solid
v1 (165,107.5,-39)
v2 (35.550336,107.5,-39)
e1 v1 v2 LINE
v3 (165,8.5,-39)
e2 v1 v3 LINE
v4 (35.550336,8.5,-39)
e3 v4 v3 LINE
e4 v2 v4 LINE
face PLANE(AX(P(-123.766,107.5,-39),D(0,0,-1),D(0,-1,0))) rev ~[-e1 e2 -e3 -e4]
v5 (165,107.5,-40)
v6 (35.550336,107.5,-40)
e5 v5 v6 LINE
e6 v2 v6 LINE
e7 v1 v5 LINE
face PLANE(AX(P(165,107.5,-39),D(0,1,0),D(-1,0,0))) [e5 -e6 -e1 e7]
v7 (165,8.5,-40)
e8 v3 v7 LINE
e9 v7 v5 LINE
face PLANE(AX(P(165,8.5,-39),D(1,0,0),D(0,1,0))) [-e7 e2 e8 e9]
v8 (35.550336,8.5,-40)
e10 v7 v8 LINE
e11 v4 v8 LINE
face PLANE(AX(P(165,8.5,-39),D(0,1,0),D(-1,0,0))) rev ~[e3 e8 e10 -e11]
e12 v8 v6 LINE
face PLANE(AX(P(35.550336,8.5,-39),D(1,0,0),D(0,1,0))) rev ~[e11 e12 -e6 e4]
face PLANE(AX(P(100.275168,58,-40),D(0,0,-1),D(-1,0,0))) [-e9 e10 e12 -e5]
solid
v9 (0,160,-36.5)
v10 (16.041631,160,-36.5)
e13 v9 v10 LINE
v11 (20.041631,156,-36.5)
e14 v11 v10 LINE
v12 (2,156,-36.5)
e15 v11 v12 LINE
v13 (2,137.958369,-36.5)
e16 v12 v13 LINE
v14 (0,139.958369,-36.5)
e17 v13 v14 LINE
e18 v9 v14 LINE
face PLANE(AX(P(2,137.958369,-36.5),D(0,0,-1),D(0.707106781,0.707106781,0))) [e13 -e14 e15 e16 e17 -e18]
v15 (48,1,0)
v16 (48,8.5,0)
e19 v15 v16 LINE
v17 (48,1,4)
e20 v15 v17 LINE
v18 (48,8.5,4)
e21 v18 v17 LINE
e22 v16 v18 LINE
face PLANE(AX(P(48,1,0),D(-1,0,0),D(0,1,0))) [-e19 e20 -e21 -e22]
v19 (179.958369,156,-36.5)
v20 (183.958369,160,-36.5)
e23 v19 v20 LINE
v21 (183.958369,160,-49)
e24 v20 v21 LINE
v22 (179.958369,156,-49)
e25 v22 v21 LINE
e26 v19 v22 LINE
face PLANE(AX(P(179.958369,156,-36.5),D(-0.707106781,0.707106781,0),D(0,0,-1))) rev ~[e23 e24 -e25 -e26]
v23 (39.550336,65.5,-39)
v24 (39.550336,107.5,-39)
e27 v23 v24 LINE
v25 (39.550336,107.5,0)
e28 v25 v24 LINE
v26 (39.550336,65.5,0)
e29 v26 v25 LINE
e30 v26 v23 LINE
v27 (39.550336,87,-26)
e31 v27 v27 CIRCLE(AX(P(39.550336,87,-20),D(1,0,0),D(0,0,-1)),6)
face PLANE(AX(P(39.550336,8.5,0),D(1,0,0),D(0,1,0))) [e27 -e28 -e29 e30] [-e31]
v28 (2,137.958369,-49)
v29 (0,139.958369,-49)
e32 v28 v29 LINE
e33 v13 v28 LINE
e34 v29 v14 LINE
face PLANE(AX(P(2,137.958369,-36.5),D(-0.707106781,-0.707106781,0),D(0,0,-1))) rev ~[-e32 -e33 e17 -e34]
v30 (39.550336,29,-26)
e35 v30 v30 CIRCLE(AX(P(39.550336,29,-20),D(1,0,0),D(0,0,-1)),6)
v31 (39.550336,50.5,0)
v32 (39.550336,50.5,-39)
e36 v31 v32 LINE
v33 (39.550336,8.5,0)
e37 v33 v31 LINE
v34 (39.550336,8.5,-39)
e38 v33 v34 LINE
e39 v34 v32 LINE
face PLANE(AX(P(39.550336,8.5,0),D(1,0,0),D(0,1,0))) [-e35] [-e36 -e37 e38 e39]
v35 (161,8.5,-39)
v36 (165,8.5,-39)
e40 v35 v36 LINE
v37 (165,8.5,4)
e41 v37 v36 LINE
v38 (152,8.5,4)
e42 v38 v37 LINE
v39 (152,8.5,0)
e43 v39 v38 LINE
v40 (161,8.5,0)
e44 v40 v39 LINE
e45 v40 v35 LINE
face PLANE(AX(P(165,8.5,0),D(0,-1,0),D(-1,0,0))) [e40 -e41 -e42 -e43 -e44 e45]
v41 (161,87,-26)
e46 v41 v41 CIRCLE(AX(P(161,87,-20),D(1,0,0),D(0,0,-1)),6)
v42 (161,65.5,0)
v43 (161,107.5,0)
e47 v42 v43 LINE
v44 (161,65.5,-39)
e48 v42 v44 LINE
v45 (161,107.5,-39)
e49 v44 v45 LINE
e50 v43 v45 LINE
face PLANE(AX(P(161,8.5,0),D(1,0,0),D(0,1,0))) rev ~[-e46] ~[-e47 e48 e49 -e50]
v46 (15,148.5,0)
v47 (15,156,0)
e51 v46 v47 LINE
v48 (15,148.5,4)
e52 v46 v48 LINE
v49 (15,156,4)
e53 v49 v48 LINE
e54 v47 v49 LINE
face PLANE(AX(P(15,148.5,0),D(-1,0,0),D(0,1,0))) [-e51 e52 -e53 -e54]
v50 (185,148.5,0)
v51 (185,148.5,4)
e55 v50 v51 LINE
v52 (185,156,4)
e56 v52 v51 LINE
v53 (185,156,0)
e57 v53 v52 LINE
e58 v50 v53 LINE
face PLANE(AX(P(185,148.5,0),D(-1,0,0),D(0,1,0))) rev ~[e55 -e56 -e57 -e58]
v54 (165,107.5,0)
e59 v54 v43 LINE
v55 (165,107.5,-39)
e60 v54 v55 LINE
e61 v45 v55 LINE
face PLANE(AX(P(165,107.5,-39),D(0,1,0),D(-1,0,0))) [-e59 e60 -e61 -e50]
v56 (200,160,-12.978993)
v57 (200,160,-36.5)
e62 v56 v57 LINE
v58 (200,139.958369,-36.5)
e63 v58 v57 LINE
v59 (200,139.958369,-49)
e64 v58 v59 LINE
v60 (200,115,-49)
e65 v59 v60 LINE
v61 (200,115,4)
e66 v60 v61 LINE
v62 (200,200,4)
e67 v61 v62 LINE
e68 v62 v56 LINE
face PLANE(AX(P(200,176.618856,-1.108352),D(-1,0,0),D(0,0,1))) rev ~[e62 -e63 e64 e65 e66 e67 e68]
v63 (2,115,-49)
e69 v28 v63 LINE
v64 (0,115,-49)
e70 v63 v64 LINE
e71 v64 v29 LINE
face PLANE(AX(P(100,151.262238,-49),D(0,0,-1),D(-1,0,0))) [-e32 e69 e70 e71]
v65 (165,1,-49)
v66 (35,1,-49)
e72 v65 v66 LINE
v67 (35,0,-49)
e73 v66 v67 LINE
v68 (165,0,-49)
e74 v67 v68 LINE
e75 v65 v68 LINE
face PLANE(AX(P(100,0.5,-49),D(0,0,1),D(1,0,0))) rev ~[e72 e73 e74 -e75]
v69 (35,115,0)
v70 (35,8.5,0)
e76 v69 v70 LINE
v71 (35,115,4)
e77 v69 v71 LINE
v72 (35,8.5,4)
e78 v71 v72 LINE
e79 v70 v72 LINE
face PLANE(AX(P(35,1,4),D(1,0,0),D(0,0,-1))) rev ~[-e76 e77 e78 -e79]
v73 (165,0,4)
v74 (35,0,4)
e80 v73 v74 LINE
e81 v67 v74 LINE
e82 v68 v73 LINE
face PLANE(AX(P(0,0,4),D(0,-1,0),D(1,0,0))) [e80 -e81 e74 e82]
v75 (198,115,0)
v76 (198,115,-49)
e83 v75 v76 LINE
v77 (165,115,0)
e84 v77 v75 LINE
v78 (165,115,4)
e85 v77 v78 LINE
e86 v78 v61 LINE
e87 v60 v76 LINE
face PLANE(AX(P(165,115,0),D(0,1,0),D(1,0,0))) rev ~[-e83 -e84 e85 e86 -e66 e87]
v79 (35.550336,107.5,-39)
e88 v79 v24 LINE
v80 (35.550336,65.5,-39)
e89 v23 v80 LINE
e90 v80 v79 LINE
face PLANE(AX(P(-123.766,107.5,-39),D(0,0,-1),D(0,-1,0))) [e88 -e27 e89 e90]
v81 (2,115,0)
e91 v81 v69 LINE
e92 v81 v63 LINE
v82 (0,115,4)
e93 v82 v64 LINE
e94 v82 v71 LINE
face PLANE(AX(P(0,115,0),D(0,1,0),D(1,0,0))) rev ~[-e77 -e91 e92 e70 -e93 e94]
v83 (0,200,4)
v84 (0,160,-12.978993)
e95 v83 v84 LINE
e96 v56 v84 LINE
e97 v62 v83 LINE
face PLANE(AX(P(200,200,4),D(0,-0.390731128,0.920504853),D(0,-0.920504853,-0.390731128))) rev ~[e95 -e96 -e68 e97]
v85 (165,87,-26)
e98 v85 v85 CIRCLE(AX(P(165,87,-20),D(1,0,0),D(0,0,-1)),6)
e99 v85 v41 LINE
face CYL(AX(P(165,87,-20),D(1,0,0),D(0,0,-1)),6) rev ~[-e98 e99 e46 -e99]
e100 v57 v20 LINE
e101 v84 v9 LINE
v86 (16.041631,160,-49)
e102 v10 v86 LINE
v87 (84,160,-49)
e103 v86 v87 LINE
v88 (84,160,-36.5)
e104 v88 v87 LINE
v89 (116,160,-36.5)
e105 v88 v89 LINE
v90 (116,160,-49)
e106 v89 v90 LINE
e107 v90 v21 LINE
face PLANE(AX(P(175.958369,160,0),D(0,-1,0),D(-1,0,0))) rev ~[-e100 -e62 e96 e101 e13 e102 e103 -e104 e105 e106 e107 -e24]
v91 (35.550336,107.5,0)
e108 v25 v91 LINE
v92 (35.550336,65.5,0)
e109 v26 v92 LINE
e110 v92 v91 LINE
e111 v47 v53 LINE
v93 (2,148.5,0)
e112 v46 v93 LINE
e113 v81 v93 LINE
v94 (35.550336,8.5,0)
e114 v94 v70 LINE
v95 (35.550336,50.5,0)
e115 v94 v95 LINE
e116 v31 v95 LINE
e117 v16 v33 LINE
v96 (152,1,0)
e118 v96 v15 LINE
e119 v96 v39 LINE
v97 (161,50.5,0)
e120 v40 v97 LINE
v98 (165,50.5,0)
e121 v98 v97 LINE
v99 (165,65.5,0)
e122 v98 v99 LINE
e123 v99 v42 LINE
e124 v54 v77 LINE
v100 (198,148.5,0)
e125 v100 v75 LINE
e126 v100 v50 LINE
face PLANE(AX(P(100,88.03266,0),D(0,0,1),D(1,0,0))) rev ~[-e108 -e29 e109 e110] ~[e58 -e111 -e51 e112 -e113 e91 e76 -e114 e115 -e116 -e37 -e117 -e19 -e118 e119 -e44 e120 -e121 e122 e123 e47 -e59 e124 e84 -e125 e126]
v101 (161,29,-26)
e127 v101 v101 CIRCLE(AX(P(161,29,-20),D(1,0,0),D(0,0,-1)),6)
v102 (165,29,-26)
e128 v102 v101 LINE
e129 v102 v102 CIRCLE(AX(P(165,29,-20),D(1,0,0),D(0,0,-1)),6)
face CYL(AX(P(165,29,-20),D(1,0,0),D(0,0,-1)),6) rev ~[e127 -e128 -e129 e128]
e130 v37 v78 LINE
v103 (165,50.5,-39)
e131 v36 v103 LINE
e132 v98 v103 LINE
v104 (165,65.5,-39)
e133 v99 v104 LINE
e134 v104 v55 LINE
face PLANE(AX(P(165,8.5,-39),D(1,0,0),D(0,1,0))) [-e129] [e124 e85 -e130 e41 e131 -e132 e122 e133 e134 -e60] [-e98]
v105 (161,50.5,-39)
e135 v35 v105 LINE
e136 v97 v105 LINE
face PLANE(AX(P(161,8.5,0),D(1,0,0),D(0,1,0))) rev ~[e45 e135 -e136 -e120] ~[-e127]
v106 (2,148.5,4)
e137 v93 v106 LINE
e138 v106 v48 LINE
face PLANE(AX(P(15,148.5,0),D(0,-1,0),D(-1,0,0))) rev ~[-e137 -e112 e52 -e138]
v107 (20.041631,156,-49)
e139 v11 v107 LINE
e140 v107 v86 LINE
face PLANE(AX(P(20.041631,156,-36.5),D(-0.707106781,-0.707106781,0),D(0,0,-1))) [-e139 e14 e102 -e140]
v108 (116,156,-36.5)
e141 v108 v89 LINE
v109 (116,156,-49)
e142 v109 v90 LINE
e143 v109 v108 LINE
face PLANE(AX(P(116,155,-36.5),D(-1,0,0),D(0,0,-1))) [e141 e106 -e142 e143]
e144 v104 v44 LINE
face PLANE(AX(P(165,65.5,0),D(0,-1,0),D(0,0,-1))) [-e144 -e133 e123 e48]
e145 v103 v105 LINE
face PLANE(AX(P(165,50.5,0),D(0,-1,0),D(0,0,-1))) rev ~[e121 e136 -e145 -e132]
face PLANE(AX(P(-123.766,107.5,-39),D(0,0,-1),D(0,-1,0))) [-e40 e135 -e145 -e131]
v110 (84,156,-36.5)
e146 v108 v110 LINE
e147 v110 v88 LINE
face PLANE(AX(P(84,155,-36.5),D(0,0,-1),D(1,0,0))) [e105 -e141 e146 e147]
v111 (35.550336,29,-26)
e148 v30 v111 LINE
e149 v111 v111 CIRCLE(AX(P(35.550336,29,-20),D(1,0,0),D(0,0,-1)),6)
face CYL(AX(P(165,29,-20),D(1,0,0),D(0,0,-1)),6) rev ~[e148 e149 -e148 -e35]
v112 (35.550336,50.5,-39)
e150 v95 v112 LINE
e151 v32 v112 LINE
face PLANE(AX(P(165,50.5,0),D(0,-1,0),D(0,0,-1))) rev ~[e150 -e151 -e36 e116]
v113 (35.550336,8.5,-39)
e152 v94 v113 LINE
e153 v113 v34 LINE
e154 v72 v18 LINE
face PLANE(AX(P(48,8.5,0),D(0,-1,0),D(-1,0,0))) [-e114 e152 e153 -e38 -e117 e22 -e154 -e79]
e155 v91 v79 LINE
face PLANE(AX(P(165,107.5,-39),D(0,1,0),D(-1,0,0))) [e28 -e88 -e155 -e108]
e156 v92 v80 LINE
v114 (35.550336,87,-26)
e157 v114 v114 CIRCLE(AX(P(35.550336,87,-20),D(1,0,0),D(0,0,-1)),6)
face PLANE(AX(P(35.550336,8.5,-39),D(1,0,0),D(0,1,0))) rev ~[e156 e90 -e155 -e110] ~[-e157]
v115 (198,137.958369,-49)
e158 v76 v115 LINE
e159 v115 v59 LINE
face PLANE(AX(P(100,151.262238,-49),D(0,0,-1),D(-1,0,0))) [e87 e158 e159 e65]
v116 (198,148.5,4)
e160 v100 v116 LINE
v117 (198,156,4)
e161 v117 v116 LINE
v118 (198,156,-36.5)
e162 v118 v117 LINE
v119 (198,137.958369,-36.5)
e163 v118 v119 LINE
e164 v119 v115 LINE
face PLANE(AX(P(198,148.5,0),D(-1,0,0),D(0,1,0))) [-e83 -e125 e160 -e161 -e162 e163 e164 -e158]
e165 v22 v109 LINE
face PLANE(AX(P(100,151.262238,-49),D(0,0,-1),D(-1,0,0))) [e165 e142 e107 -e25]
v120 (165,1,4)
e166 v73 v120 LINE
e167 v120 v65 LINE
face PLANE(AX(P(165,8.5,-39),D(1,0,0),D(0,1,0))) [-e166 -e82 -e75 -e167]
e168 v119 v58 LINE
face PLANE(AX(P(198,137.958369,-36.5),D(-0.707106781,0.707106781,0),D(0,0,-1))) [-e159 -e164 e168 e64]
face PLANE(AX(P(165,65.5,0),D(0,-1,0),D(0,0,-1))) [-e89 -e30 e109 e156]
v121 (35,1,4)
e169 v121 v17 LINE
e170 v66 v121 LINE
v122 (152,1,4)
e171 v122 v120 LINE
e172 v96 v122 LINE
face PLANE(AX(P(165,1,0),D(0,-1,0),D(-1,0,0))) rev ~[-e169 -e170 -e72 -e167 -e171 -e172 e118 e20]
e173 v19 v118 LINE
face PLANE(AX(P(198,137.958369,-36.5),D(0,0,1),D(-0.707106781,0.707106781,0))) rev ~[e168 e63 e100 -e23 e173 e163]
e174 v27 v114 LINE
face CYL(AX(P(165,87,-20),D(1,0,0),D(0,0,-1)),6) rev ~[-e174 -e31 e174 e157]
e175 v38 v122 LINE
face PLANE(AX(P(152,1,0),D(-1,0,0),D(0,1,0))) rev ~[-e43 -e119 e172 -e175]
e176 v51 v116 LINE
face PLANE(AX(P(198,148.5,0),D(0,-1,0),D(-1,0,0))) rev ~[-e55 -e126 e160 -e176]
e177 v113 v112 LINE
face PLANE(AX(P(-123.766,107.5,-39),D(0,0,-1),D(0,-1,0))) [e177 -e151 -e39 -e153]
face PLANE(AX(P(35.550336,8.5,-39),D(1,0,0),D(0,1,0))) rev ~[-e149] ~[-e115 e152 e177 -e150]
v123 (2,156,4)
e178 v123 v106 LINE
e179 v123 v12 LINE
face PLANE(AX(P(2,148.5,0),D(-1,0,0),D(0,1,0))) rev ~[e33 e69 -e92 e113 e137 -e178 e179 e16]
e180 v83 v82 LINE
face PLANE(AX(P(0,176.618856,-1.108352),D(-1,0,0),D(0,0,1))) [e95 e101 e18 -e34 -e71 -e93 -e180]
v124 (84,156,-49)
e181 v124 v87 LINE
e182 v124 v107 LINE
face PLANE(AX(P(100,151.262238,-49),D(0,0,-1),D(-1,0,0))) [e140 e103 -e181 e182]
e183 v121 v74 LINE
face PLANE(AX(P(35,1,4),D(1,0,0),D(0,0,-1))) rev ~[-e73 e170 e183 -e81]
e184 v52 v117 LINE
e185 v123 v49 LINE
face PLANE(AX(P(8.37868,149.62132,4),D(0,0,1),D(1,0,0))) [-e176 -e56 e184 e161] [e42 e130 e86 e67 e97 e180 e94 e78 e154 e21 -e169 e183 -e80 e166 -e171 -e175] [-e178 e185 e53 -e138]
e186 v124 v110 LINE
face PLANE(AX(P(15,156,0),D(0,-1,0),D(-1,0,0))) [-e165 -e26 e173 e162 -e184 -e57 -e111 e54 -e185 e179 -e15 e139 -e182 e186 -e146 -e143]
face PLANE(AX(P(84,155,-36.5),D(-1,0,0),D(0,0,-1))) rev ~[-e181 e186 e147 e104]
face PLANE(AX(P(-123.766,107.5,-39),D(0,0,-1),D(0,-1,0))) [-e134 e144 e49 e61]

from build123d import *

# Parameters (mm, degrees)
BOSS_EXTRUDE1_DEPTH     = 4
BOSS_EXTRUDE2_DEPTH     = 53
BOSS_EXTRUDE4_DEPTH     = 200
SKETCH5_W               = 25.514718625
SKETCH5_H               = 12.5
CUT_EXTRUDE1_DEPTH      = 20
SKETCH6_W               = 12.5
SKETCH6_H               = 25.514718626
CUT_EXTRUDE2_DEPTH      = 20
SKETCH7_W               = 32
SKETCH7_H               = 12.5
CUT_EXTRUDE3_DEPTH      = 8
CUT_EXTRUDE3_DEPTH_BACK = 6.482
BOSS_EXTRUDE5_DEPTH     = 4
SKETCH9_W               = 4
SKETCH9_H               = 99
BOSS_EXTRUDE6_DEPTH     = 39
SKETCH10_W              = 39
SKETCH10_H              = 15
CUT_EXTRUDE5_DEPTH      = 137
SKETCH12_W              = 35
SKETCH12_H              = 53
CUT_EXTRUDE6_DEPTH      = 8
SKETCH13_R              = 6
CUT_EXTRUDE7_DEPTH      = 135
SKETCH15_W              = 129.449663631
SKETCH15_H              = 99
BOSS_EXTRUDE7_DEPTH     = 1
SPLIT1_SURFACE_1_BACK   = 288.766
SPLIT1_SURFACE_1_DEPTH  = 577.532
SPLIT1_SURFACE_2_BACK   = 288.766
SPLIT1_SURFACE_2_DEPTH  = 577.532
SKETCH17_W              = 13
SKETCH17_H              = 7.5
CUT_EXTRUDE8_DEPTH      = 10


with BuildPart() as part:
    # Sketch1 → Boss-Extrude1 (new body)
    with BuildSketch(Plane.XY):
        Polygon((175.95836944, 160), (24.04163056, 160), (0, 135.95836944), (0, 115), (35, 115), (35, 60), (35, 55), (35, 0), (165, 0), (165, 55), (165, 60), (165, 115), (200, 115), (200, 135.95836944), align=None)
    extrude(amount=BOSS_EXTRUDE1_DEPTH)

    # Sketch3 → Boss-Extrude2 (add)
    with BuildSketch(Plane.XY.offset(4)):
        Polygon((0, 0), (200, 0), (200, 1), (199, 1), (1, 1), (0, 1), align=None)
        Polygon((0, 160), (200, 160), (200, 115), (198, 115), (198, 156), (2, 156), (2, 115), (0, 115), align=None)
    extrude(amount=-BOSS_EXTRUDE2_DEPTH)

    # Sketch4 → Boss-Extrude4 (add)
    with BuildSketch(Plane(origin=(200, 0, 0), x_dir=(0, 0, -1), z_dir=(1, 0, 0))):
        Polygon((-4, 160), (-4, 200), (12.978992648, 160), align=None)
    extrude(amount=-BOSS_EXTRUDE4_DEPTH)

    # Sketch5 → Cut-Extrude1 (cut)
    with BuildSketch(Plane(origin=(-67.97918472, 67.97918472, 0), x_dir=(0.7071067811865505, 0.7071067811865447, 0), z_dir=(-0.7071067811865447, 0.7071067811865505, 0))):
        with Locations((111.722871428, 42.75)):
            Rectangle(SKETCH5_W, SKETCH5_H)
    extrude(amount=CUT_EXTRUDE1_DEPTH, mode=Mode.SUBTRACT)

    # Sketch6 → Cut-Extrude2 (cut)
    with BuildSketch(Plane(origin=(167.97918472, 167.97918472, 0), x_dir=(0, 0, -1), z_dir=(0.7071067811865493, 0.7071067811865458, 0))):
        with Locations((42.75, -29.69848481)):
            Rectangle(SKETCH6_W, SKETCH6_H)
    extrude(amount=CUT_EXTRUDE2_DEPTH, mode=Mode.SUBTRACT)

    # Sketch7 → Cut-Extrude3 (cut, two sides)
    with BuildSketch(Plane(origin=(0, 155, 0), x_dir=(1, 0, 0), z_dir=(0, 1, 0))) as cut_extrude3_sk:
        with Locations((100, 42.75)):
            Rectangle(SKETCH7_W, SKETCH7_H)
    extrude(amount=CUT_EXTRUDE3_DEPTH, mode=Mode.SUBTRACT)
    extrude(cut_extrude3_sk.sketch, amount=-CUT_EXTRUDE3_DEPTH_BACK, mode=Mode.SUBTRACT)

    # Sketch8 → Boss-Extrude5 (add)
    with BuildSketch(Plane.XY.offset(4)):
        Polygon((20.04163056, 156), (2, 156), (2, 137.95836944), align=None)
        Polygon((179.95836944, 156), (198, 156), (198, 137.95836944), align=None)
    extrude(amount=-BOSS_EXTRUDE5_DEPTH)

    # Sketch9 → Boss-Extrude6 (add)
    with BuildSketch(Plane(origin=(0, 0, 0), x_dir=(-1, 0, 0), z_dir=(0, 0, -1))):
        with Locations((-37.550336369, 58)):
            Rectangle(SKETCH9_W, SKETCH9_H)
        with Locations((-163, 58)):
            Rectangle(SKETCH9_W, SKETCH9_H)
    extrude(amount=BOSS_EXTRUDE6_DEPTH)

    # Sketch10 → Cut-Extrude5 (cut)
    with BuildSketch(Plane(origin=(165, 0, 0), x_dir=(0, 0, -1), z_dir=(1, 0, 0))):
        with Locations((19.5, 58)):
            Rectangle(SKETCH10_W, SKETCH10_H)
    extrude(amount=-CUT_EXTRUDE5_DEPTH, mode=Mode.SUBTRACT)

    # Sketch12 → Cut-Extrude6 (cut)
    with BuildSketch(Plane(origin=(0, 1, 0), x_dir=(1, 0, 0), z_dir=(0, 1, 0))):
        with Locations((17.5, 22.5)):
            Rectangle(SKETCH12_W, SKETCH12_H)
        with Locations((182.5, 22.5)):
            Rectangle(SKETCH12_W, SKETCH12_H)
    extrude(amount=-CUT_EXTRUDE6_DEPTH, mode=Mode.SUBTRACT)

    # Sketch13 → Cut-Extrude7 (cut)
    with BuildSketch(Plane(origin=(165, 0, 0), x_dir=(0, 0, -1), z_dir=(1, 0, 0))):
        with Locations((20, 87)):
            Circle(SKETCH13_R)
        with Locations((20, 29)):
            Circle(SKETCH13_R)
    extrude(amount=-CUT_EXTRUDE7_DEPTH, mode=Mode.SUBTRACT)

    # Sketch15 → Boss-Extrude7 (add)
    with BuildSketch(Plane(origin=(0, 0, -39), x_dir=(-1, 0, 0), z_dir=(0, 0, -1))):
        with Locations((-100.275168185, 58)):
            Rectangle(SKETCH15_W, SKETCH15_H)
    extrude(amount=BOSS_EXTRUDE7_DEPTH)


with BuildPart() as body_2:
    # Split1: the piece behind the surface
    add(part.part)
    # Split1 surface: a surface, the sketch's curves swept straight by 577.532 mm
    with BuildLine(Plane(origin=(165, 0, 0), x_dir=(0, 0, -1), z_dir=(1, 0, 0)).offset(-SPLIT1_SURFACE_1_BACK), mode=Mode.PRIVATE) as split1_surface_1_path:
        Line((39, 107.5), (39, 8.5))
    split1_surface_1 = Shell.extrude(split1_surface_1_path.wire(), (1 * SPLIT1_SURFACE_1_DEPTH, 0 * SPLIT1_SURFACE_1_DEPTH, 0 * SPLIT1_SURFACE_1_DEPTH))
    split(bisect_by=split1_surface_1, keep=Keep.BOTTOM)

    # Sketch17 → Cut-Extrude8 (cut)
    with BuildSketch(Plane(origin=(0, 0, 0), x_dir=(-1, 0, 0), z_dir=(0, 0, -1))):
        with Locations((-191.5, 152.25)):
            Rectangle(SKETCH17_W, SKETCH17_H)
        with Locations((-8.5, 152.25)):
            Rectangle(SKETCH17_W, SKETCH17_H)
        with Locations((-158.5, 4.75)):
            Rectangle(SKETCH17_W, SKETCH17_H)
        with Locations((-41.5, 4.75)):
            Rectangle(SKETCH17_W, SKETCH17_H)
    extrude(amount=-CUT_EXTRUDE8_DEPTH, mode=Mode.SUBTRACT)


with BuildPart() as part_1:
    add(part.part)

    # Split1: split by a surface, the side it looks to stays
    # Split1 surface: a surface, the sketch's curves swept straight by 577.532 mm
    with BuildLine(Plane(origin=(165, 0, 0), x_dir=(0, 0, -1), z_dir=(1, 0, 0)).offset(-SPLIT1_SURFACE_2_BACK), mode=Mode.PRIVATE) as split1_surface_2_path:
        Line((39, 107.5), (39, 8.5))
    split1_surface_2 = Shell.extrude(split1_surface_2_path.wire(), (1 * SPLIT1_SURFACE_2_DEPTH, 0 * SPLIT1_SURFACE_2_DEPTH, 0 * SPLIT1_SURFACE_2_DEPTH))
    split(bisect_by=split1_surface_2, keep=Keep.TOP)


solid = Compound([body_2.part, part_1.part])
